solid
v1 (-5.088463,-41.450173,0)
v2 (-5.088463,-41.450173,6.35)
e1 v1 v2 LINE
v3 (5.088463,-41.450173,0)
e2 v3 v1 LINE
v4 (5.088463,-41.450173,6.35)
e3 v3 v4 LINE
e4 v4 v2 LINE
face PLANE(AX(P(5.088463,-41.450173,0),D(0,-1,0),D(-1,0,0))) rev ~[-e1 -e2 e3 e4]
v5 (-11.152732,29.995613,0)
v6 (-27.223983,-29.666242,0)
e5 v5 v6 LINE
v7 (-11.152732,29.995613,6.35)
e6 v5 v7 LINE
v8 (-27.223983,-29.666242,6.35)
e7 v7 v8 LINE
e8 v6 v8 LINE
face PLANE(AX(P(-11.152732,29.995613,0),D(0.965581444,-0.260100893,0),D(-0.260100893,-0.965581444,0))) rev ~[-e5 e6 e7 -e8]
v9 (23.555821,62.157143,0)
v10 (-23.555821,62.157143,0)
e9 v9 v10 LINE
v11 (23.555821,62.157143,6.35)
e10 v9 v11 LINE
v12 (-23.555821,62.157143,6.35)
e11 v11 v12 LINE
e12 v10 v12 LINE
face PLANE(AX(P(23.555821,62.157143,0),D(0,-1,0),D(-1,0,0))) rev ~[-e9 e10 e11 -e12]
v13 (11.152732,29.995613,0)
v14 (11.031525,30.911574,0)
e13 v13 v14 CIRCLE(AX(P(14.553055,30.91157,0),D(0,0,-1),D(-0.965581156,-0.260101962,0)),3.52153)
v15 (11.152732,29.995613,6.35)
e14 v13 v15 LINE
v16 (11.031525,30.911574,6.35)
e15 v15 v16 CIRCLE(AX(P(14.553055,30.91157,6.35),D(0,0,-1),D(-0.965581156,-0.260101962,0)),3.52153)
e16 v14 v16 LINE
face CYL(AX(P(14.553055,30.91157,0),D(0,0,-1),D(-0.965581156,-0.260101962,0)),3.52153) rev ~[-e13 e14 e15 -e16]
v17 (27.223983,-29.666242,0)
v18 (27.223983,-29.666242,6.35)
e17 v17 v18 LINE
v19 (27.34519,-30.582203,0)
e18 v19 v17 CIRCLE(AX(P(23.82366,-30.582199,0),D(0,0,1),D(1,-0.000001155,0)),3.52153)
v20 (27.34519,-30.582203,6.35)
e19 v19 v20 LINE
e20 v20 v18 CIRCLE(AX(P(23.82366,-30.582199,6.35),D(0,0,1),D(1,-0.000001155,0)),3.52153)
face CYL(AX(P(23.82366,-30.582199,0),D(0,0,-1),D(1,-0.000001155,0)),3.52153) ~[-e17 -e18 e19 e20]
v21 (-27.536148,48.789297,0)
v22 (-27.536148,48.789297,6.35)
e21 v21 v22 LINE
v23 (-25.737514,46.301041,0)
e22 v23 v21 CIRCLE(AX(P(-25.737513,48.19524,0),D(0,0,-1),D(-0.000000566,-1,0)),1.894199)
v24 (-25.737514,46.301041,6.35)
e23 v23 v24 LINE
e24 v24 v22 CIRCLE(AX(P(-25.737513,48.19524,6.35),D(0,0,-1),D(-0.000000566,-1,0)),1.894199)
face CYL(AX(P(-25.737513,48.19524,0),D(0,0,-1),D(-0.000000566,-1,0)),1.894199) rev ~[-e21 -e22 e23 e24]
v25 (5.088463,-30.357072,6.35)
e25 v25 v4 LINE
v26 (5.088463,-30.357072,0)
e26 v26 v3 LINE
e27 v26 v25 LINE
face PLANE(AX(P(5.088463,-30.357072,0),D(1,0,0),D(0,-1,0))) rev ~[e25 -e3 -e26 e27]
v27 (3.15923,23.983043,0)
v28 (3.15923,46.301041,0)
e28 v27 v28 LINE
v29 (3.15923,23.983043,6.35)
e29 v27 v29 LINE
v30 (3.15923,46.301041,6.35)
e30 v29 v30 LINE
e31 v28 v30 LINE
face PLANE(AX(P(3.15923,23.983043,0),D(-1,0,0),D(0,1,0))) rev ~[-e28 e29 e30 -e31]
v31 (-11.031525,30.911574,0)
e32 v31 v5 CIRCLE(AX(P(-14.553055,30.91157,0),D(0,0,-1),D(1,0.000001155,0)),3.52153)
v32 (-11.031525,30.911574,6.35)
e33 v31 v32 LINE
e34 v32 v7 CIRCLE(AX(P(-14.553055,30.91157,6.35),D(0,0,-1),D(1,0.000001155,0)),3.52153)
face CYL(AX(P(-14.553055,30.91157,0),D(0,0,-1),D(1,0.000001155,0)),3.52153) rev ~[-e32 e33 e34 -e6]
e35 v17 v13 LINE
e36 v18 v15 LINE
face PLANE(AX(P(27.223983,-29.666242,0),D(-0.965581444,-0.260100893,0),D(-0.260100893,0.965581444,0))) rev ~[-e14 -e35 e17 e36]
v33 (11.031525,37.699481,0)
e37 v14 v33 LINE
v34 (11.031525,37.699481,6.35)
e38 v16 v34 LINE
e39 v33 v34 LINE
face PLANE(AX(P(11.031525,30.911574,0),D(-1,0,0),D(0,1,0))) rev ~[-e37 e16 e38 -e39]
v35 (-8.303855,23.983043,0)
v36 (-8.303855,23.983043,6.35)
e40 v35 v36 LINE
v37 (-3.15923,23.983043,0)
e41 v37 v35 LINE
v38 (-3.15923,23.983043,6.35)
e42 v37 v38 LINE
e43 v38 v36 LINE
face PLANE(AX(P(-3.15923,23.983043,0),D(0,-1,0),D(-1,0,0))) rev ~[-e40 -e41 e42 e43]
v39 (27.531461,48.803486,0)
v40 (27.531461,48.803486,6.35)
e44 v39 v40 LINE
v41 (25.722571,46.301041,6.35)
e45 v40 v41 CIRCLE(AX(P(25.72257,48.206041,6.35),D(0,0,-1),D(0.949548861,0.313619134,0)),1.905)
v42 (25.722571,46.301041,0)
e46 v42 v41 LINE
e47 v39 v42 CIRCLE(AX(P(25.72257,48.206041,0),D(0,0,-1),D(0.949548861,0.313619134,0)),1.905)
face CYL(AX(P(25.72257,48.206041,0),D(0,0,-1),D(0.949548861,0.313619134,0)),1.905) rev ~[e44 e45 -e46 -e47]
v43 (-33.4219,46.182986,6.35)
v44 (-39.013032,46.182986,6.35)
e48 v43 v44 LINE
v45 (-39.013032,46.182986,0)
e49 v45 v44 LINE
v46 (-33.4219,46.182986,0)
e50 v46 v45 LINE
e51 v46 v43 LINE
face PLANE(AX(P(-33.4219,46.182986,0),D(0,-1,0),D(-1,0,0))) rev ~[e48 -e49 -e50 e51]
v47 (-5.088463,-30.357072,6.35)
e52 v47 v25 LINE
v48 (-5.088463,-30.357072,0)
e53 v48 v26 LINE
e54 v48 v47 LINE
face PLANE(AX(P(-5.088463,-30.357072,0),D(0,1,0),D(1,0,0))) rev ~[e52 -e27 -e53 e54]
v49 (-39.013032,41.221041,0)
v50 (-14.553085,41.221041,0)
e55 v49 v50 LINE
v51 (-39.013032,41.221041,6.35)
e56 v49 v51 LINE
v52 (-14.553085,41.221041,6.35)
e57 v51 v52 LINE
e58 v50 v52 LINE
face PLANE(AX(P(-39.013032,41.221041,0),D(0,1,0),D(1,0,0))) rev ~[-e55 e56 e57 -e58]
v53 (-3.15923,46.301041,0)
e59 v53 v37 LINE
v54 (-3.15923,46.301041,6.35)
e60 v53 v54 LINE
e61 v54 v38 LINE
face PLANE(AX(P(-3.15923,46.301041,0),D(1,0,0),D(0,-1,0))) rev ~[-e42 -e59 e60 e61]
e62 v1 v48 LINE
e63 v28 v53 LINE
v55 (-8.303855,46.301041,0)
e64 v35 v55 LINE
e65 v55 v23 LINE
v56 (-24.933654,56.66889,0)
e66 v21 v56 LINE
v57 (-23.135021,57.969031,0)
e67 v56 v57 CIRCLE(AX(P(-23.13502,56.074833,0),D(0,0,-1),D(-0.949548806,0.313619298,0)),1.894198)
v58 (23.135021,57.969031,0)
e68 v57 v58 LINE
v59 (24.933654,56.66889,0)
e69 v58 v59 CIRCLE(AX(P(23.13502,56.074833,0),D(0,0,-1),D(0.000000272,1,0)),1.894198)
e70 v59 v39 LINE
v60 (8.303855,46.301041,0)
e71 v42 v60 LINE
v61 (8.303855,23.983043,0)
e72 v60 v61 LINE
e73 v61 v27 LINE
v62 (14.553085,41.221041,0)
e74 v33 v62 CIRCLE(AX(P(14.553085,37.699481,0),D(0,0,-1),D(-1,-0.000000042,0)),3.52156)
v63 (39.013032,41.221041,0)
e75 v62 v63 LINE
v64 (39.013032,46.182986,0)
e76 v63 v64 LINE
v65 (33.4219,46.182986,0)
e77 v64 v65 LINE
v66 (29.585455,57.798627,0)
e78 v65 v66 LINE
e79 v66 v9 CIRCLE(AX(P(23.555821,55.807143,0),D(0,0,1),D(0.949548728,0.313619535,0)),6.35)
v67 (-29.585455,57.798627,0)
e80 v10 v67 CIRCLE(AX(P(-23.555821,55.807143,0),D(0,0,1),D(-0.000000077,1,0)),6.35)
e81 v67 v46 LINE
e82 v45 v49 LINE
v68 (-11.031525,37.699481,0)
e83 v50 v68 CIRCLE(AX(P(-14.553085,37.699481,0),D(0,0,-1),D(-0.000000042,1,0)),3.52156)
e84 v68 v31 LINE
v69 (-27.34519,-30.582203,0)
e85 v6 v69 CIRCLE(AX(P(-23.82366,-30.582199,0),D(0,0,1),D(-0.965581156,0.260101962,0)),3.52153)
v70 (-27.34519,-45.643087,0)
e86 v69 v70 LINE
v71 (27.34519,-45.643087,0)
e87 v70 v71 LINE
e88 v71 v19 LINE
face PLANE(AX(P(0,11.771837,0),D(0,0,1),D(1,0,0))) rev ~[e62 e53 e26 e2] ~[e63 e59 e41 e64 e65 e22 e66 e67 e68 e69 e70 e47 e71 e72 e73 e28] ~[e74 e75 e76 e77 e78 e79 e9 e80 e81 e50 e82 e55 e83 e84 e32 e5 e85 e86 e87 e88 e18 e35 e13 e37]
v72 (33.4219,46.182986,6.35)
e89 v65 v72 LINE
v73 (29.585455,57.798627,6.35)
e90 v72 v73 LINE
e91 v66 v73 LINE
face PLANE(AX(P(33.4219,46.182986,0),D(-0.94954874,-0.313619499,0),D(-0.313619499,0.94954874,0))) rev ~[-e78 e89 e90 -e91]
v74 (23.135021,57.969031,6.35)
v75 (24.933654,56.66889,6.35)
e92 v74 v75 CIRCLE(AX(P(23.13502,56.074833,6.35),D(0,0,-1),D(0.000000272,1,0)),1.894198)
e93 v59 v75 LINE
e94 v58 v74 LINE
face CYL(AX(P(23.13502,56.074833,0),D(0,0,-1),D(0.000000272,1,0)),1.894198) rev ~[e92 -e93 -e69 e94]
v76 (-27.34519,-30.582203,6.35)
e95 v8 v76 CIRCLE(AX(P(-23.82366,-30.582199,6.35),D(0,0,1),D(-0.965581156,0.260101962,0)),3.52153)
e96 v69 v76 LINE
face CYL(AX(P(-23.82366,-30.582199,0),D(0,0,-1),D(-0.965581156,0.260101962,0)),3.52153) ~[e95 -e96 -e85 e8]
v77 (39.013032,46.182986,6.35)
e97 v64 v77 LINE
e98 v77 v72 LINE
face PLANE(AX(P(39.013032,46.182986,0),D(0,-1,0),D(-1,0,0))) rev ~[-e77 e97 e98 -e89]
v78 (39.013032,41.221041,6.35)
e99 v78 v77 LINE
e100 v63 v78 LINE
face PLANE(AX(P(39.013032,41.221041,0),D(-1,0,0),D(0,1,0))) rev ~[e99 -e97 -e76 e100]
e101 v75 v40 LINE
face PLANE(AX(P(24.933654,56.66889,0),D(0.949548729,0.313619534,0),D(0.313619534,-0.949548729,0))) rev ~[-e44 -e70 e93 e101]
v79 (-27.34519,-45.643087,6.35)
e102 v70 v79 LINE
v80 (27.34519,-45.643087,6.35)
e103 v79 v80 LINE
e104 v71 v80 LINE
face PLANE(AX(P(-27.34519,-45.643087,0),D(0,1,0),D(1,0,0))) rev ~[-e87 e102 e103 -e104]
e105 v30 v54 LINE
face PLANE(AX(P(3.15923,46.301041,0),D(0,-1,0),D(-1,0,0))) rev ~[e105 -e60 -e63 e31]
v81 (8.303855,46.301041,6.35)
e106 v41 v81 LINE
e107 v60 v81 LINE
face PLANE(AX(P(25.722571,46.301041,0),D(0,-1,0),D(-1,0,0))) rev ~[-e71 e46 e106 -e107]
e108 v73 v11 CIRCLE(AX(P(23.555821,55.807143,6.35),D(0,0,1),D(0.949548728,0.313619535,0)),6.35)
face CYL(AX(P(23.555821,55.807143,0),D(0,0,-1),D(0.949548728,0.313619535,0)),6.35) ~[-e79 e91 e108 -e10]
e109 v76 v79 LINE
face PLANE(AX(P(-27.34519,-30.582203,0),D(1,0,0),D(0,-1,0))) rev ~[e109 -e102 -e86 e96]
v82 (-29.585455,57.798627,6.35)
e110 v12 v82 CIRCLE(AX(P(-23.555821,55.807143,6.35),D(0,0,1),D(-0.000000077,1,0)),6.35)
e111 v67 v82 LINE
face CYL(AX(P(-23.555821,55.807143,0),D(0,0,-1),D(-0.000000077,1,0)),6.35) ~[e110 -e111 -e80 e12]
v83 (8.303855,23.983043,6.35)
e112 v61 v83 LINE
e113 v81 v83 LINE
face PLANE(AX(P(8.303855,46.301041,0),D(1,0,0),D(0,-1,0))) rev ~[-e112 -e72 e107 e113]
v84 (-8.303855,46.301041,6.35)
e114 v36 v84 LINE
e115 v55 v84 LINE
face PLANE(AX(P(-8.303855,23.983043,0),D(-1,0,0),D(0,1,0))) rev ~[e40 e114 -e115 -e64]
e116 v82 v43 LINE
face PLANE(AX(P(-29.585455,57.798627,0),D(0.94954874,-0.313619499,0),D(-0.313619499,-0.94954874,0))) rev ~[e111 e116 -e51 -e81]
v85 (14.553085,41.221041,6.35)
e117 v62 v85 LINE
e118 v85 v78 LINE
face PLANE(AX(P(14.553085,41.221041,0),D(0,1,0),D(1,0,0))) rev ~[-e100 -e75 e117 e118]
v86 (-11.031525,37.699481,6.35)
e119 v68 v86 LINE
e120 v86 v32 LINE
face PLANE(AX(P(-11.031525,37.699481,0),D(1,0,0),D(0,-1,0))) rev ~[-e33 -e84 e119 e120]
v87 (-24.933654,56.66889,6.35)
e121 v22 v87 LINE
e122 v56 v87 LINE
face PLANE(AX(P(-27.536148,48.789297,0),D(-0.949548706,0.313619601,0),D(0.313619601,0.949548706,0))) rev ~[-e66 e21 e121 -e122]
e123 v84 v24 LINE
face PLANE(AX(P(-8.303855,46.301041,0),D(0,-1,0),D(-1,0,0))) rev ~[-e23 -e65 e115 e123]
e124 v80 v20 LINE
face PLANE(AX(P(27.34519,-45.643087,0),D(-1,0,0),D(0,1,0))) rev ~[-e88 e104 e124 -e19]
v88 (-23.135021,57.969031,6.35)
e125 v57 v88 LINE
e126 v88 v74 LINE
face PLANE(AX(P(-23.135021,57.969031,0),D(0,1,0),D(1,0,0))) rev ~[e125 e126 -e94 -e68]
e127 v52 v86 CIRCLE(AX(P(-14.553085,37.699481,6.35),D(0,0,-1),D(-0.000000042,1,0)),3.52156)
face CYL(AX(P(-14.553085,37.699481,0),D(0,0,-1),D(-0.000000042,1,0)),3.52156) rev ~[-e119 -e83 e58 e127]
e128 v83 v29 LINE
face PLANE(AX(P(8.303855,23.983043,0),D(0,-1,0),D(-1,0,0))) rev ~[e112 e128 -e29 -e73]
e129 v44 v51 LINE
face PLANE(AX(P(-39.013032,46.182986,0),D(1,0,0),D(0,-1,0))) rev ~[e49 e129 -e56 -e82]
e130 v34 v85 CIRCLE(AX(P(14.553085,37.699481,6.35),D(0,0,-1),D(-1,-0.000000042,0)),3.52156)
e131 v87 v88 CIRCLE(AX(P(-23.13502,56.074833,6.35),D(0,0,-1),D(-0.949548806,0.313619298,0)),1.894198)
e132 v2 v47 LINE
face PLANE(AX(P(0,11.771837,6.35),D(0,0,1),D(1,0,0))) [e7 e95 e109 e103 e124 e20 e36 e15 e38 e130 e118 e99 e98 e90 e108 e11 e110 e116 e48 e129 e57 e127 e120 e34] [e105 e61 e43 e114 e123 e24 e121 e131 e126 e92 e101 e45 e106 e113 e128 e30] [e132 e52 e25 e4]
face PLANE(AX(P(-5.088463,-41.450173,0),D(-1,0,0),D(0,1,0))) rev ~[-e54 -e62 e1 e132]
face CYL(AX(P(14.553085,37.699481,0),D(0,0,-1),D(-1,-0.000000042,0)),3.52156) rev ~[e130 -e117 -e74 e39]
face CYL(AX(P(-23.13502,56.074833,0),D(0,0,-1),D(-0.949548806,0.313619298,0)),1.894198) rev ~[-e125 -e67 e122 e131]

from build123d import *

# Parameters (mm, degrees)
F1_DEPTH = 6.35


with BuildPart() as f1:
    # F0 (on Top) → F1 (new body)
    with BuildSketch(Plane.XY):
        with BuildLine():
            ThreePointArc((-33.4219, 43.115239), (-32.867102, 41.775839), (-31.527702, 41.221041))
            Line((-31.527702, 41.221041), (-25.33034, 41.221041))
            Line((-25.33034, 41.221041), (-14.553085, 41.221041))
            ThreePointArc((-14.553085, 41.221041), (-12.062966, 40.1896), (-11.031525, 37.699481))
            Line((-11.031525, 37.699481), (-11.031525, 30.911574))
            ThreePointArc((-11.031525, 30.911574), (-11.061958, 30.449601), (-11.152732, 29.995613))
            Line((-11.152732, 29.995613), (-27.223983, -29.666242))
            ThreePointArc((-27.223983, -29.666242), (-27.314757, -30.12023), (-27.34519, -30.582203))
            Line((-27.34519, -30.582203), (-27.34519, -45.643087))
            Line((-27.34519, -45.643087), (0, -45.643087))
            Line((0, -45.643087), (27.34519, -45.643087))
            Line((27.34519, -45.643087), (27.34519, -30.582203))
            ThreePointArc((27.34519, -30.582203), (27.314757, -30.12023), (27.223983, -29.666242))
            Line((27.223983, -29.666242), (11.152732, 29.995613))
            ThreePointArc((11.152732, 29.995613), (11.061958, 30.449601), (11.031525, 30.911574))
            Line((11.031525, 30.911574), (11.031525, 37.699481))
            ThreePointArc((11.031525, 37.699481), (12.062966, 40.1896), (14.553085, 41.221041))
            Line((14.553085, 41.221041), (25.33034, 41.221041))
            Line((25.33034, 41.221041), (31.527702, 41.221041))
            ThreePointArc((31.527702, 41.221041), (32.867102, 41.775839), (33.4219, 43.115239))
            Line((33.4219, 43.115239), (33.4219, 46.182986))
            Line((33.4219, 46.182986), (29.585455, 57.798627))
            ThreePointArc((29.585455, 57.798627), (27.275806, 60.953424), (23.555821, 62.157143))
            Line((23.555821, 62.157143), (0, 62.157143))
            Line((0, 62.157143), (-23.555821, 62.157143))
            ThreePointArc((-23.555821, 62.157143), (-27.275806, 60.953424), (-29.585455, 57.798627))
            Line((-29.585455, 57.798627), (-33.4219, 46.182986))
            Line((-33.4219, 46.182986), (-33.4219, 43.115239))
        make_face()
        Polygon((-5.088463, -30.357072), (0, -30.357072), (5.088463, -30.357072), (5.088463, -41.450173), (0, -41.450173), (-5.088463, -41.450173), align=None, mode=Mode.SUBTRACT)
        with BuildLine():
            Line((-8.303855, 46.301041), (-25.737514, 46.301041))
            ThreePointArc((-25.737514, 46.301041), (-27.272644, 47.085572), (-27.536148, 48.789297))
            Line((-27.536148, 48.789297), (-24.933654, 56.66889))
            ThreePointArc((-24.933654, 56.66889), (-24.244688, 57.609963), (-23.135021, 57.969031))
            Line((-23.135021, 57.969031), (0, 57.969031))
            Line((0, 57.969031), (23.135021, 57.969031))
            ThreePointArc((23.135021, 57.969031), (24.244688, 57.609963), (24.933654, 56.66889))
            Line((24.933654, 56.66889), (27.531461, 48.803486))
            ThreePointArc((27.531461, 48.803486), (27.266455, 47.090046), (25.722571, 46.301041))
            Line((25.722571, 46.301041), (8.303855, 46.301041))
            Line((8.303855, 46.301041), (8.303855, 23.983043))
            Line((8.303855, 23.983043), (3.15923, 23.983043))
            Line((3.15923, 23.983043), (3.15923, 46.301041))
            Line((3.15923, 46.301041), (0, 46.301041))
            Line((0, 46.301041), (-3.15923, 46.301041))
            Line((-3.15923, 46.301041), (-3.15923, 23.983043))
            Line((-3.15923, 23.983043), (-8.303855, 23.983043))
            Line((-8.303855, 23.983043), (-8.303855, 46.301041))
        make_face(mode=Mode.SUBTRACT)
        with BuildLine():
            Line((-39.013032, 41.221041), (-31.527702, 41.221041))
            ThreePointArc((-31.527702, 41.221041), (-32.867102, 41.775839), (-33.4219, 43.115239))
            Line((-33.4219, 43.115239), (-33.4219, 46.182986))
            Line((-33.4219, 46.182986), (-39.013032, 46.182986))
            Line((-39.013032, 46.182986), (-39.013032, 41.221041))
        make_face()
        with BuildLine():
            Line((39.013032, 46.182986), (33.4219, 46.182986))
            Line((33.4219, 46.182986), (33.4219, 43.115239))
            ThreePointArc((33.4219, 43.115239), (32.867102, 41.775839), (31.527702, 41.221041))
            Line((31.527702, 41.221041), (39.013032, 41.221041))
            Line((39.013032, 41.221041), (39.013032, 46.182986))
        make_face()
    extrude(amount=F1_DEPTH)


solid = f1.part
